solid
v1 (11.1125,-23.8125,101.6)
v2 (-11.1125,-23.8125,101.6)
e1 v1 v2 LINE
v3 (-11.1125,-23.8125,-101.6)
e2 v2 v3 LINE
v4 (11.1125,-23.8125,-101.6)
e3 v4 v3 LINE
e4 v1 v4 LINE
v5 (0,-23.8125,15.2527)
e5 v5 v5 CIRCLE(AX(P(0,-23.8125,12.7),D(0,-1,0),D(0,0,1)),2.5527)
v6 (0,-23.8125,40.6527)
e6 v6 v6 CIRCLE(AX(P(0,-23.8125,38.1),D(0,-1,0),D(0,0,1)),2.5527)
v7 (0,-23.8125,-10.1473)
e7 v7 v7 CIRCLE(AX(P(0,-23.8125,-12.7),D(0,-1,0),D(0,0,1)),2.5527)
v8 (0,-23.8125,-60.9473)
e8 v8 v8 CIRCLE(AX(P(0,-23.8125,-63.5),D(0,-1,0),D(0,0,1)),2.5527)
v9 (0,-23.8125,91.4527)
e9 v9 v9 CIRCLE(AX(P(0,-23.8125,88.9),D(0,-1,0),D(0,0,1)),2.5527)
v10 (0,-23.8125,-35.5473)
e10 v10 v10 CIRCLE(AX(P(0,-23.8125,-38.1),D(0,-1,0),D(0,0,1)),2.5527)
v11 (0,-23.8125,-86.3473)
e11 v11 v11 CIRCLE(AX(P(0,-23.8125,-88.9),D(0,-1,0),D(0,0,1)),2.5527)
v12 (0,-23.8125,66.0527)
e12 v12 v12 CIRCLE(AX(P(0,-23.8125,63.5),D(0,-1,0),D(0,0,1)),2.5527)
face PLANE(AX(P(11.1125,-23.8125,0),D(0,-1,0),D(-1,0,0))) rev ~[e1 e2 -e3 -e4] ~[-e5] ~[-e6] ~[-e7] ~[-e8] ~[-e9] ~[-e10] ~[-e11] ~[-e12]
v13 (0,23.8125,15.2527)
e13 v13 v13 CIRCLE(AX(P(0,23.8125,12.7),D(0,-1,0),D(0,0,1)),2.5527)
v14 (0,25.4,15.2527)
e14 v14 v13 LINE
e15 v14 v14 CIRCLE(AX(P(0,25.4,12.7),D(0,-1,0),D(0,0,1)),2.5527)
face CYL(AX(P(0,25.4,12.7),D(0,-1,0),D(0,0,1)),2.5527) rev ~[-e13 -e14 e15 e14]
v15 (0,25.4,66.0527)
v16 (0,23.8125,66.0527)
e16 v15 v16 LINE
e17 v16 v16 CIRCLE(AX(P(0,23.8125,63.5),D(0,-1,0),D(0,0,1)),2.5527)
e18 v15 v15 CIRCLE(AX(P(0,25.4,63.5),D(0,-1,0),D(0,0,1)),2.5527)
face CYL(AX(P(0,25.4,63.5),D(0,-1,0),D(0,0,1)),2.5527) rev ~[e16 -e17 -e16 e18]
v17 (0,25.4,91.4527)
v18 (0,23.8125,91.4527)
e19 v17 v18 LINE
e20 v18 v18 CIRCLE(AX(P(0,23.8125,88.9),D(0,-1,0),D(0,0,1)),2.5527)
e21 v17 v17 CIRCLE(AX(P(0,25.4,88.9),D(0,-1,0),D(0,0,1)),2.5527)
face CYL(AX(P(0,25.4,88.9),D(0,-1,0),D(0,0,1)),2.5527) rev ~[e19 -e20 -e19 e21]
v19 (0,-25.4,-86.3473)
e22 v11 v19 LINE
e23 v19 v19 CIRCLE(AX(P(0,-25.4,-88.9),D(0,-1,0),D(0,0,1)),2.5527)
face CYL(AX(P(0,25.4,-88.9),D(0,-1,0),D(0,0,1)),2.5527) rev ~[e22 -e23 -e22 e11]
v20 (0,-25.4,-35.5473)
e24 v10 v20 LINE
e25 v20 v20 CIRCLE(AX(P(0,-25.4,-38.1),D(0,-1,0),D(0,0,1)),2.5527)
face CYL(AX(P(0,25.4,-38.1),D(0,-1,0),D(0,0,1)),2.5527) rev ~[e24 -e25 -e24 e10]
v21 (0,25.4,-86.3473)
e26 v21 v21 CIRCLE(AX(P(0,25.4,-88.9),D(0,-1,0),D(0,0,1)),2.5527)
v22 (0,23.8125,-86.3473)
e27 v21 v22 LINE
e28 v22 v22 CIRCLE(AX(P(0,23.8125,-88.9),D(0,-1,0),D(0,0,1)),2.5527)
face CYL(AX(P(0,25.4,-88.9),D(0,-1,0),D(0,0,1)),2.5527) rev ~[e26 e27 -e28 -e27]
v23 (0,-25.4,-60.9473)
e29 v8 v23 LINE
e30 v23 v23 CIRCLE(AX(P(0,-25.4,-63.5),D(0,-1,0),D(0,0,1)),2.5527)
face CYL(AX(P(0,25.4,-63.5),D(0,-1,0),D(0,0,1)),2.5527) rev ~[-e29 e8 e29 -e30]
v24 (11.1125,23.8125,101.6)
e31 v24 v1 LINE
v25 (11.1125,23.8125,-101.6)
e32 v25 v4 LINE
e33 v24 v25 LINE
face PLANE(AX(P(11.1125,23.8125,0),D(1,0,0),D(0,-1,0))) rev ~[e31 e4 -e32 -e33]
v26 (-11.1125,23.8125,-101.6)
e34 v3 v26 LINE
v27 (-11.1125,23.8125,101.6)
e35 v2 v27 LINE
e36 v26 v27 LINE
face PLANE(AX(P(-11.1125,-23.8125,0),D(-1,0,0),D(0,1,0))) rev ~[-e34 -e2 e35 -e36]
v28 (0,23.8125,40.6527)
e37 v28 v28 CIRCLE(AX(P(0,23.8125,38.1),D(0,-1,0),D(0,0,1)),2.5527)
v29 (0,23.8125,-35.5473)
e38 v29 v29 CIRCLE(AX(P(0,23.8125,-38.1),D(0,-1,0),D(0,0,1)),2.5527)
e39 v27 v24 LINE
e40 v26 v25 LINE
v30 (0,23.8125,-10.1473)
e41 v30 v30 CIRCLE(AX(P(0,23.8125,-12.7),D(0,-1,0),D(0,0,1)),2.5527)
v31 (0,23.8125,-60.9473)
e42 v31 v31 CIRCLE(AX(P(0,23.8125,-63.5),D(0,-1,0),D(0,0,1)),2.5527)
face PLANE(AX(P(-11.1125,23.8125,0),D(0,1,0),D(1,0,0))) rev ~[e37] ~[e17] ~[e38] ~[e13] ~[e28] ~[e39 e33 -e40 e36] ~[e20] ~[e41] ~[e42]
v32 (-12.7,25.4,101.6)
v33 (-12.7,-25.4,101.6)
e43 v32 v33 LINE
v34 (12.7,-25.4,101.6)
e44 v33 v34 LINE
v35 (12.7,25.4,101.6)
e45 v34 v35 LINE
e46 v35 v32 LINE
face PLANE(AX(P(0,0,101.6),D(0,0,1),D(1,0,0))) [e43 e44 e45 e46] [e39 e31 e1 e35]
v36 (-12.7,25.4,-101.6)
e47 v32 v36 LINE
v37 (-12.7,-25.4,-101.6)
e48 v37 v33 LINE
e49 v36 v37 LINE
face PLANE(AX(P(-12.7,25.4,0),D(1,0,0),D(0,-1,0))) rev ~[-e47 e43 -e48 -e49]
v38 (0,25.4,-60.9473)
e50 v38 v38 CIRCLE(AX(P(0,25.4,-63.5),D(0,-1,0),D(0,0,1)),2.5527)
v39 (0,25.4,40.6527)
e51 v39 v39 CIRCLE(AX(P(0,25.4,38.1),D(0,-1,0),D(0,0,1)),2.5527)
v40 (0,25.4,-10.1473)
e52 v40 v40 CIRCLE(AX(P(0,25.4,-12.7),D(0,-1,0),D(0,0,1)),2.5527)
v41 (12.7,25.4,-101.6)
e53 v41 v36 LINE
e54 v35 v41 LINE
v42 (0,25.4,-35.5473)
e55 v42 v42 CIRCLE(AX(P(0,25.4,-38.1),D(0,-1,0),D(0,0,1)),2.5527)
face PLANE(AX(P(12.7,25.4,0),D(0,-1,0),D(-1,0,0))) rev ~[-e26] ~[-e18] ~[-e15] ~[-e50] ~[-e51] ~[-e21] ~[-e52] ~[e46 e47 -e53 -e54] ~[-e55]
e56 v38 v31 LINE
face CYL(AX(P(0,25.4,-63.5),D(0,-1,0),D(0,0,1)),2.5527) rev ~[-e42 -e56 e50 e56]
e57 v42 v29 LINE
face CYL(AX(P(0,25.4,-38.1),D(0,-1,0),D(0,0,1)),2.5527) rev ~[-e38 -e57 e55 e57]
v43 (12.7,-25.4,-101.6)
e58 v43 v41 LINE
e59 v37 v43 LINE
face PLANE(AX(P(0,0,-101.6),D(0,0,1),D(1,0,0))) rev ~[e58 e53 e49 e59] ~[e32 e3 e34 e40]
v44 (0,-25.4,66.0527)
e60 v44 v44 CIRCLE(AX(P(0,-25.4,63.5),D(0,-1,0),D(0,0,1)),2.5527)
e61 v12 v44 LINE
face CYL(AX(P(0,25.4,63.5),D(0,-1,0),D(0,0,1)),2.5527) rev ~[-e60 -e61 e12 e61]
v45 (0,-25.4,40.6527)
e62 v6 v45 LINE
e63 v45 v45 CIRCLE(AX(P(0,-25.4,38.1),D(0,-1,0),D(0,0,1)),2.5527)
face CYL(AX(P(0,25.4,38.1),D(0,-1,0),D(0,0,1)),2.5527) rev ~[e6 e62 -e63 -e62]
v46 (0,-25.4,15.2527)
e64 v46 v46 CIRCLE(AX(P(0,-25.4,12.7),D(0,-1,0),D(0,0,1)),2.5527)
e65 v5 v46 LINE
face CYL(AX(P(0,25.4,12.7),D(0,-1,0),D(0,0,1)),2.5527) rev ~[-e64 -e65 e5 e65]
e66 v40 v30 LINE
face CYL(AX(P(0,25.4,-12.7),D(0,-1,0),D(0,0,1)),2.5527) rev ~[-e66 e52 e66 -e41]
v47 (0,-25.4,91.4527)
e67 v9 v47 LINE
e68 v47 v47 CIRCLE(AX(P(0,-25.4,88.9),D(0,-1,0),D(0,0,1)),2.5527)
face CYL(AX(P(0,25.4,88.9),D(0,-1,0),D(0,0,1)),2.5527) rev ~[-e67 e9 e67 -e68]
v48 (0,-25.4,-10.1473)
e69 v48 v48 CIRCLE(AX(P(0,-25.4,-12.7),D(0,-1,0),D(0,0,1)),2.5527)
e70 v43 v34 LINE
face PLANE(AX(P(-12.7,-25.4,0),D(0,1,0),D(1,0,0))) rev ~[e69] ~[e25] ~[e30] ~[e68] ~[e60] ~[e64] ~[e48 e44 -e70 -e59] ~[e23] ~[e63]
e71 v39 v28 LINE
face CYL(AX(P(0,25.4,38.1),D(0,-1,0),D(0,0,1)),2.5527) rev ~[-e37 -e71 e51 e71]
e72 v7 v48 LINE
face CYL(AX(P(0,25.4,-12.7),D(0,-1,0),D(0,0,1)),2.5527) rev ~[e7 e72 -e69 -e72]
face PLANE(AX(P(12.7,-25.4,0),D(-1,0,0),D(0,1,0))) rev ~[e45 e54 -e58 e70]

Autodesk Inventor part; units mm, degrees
ref_plane "YZ Plane" through (0, 0, 0) normal (1, 0, 0) x (0, 1, 0)
ref_plane "XZ Plane" through (0, 0, 0) normal (0, 1, 0) x (-1, 0, 0)
ref_plane "XY Plane" through (0, 0, 0) normal (0, 0, 1) x (1, 0, 0)
sketch "Sketch1" plane through (0, 0, 0) normal (0, 0, 1) x (1, 0, 0)
  line L0 (-12.7, -25.4) -> (12.7, -25.4)
  line L1 (12.7, -25.4) -> (12.7, 25.4)
  line L2 (12.7, 25.4) -> (-12.7, 25.4)
  line L3 (-12.7, 25.4) -> (-12.7, -25.4)
  line L4 (-12.7, -25.4) -> (12.7, 25.4) construction
  line L5 (12.7, -25.4) -> (-12.7, 25.4) construction
  line L6 (-11.1125, 23.8125) -> (11.1125, 23.8125)
  line L7 (11.1125, 23.8125) -> (11.1125, -23.8125)
  line L8 (11.1125, -23.8125) -> (-11.1125, -23.8125)
  line L9 (-11.1125, -23.8125) -> (-11.1125, 23.8125)
  point P0 (0, 0)
  dimension "width" = 25.4
  dimension "height" = 50.8
  dimension "thickness" = 1.5875
extrude "Extrusion1" add sketch "Sketch1" along normal mid plane 203.2
sketch "Sketch4" plane through (-12.7, 25.4, 101.6) normal (0, 1, 0) x (1, 0, 0)
  line L0 (0, 203.2) -> (25.4, 203.2) construction
  line L1 (25.4, 203.2) -> (25.4, 0) construction
  line L2 (25.4, 0) -> (0, 0) construction
  line L3 (0, 0) -> (0, 203.2) construction
  line L4 (25.4, 0) -> (0, 0)
  line L5 (0, 0) -> (25.4, 25.4)
  line L6 (25.4, 25.4) -> (25.4, 0)
  point P0 (12.7, 101.6)
  dimension "d13" = 45
extrude "Extrusion4" [suppressed]
sketch "Sketch5" plane through (-12.7, 25.4, 101.6) normal (0, 1, 0) x (1, 0, 0)
  line L0 (0, 203.2) -> (25.4, 203.2) construction
  line L1 (25.4, 203.2) -> (25.4, 0) construction
  line L2 (25.4, 0) -> (0, 0) construction
  line L3 (0, 0) -> (0, 203.2) construction
  point P0 (12.7, 101.6)
  point P1 (12.7, 190.5)
  point P2 (12.7, 203.2)
  dimension "d16" = 12.7
hole "Hole1" at (0, 25.4, -88.9) direction (0, -1, 0) diameter 5.1054 end through all clearance for "Flat Head Machine Screw (82)" size "#10" standard "Ansi Unified Screw Threads"
pattern_linear "Rectangular Pattern1" count 8 spacing 25.4 along (0, 0, 1) of "Hole1"
properties part number "CL3-002" material "Aluminum 6061"
